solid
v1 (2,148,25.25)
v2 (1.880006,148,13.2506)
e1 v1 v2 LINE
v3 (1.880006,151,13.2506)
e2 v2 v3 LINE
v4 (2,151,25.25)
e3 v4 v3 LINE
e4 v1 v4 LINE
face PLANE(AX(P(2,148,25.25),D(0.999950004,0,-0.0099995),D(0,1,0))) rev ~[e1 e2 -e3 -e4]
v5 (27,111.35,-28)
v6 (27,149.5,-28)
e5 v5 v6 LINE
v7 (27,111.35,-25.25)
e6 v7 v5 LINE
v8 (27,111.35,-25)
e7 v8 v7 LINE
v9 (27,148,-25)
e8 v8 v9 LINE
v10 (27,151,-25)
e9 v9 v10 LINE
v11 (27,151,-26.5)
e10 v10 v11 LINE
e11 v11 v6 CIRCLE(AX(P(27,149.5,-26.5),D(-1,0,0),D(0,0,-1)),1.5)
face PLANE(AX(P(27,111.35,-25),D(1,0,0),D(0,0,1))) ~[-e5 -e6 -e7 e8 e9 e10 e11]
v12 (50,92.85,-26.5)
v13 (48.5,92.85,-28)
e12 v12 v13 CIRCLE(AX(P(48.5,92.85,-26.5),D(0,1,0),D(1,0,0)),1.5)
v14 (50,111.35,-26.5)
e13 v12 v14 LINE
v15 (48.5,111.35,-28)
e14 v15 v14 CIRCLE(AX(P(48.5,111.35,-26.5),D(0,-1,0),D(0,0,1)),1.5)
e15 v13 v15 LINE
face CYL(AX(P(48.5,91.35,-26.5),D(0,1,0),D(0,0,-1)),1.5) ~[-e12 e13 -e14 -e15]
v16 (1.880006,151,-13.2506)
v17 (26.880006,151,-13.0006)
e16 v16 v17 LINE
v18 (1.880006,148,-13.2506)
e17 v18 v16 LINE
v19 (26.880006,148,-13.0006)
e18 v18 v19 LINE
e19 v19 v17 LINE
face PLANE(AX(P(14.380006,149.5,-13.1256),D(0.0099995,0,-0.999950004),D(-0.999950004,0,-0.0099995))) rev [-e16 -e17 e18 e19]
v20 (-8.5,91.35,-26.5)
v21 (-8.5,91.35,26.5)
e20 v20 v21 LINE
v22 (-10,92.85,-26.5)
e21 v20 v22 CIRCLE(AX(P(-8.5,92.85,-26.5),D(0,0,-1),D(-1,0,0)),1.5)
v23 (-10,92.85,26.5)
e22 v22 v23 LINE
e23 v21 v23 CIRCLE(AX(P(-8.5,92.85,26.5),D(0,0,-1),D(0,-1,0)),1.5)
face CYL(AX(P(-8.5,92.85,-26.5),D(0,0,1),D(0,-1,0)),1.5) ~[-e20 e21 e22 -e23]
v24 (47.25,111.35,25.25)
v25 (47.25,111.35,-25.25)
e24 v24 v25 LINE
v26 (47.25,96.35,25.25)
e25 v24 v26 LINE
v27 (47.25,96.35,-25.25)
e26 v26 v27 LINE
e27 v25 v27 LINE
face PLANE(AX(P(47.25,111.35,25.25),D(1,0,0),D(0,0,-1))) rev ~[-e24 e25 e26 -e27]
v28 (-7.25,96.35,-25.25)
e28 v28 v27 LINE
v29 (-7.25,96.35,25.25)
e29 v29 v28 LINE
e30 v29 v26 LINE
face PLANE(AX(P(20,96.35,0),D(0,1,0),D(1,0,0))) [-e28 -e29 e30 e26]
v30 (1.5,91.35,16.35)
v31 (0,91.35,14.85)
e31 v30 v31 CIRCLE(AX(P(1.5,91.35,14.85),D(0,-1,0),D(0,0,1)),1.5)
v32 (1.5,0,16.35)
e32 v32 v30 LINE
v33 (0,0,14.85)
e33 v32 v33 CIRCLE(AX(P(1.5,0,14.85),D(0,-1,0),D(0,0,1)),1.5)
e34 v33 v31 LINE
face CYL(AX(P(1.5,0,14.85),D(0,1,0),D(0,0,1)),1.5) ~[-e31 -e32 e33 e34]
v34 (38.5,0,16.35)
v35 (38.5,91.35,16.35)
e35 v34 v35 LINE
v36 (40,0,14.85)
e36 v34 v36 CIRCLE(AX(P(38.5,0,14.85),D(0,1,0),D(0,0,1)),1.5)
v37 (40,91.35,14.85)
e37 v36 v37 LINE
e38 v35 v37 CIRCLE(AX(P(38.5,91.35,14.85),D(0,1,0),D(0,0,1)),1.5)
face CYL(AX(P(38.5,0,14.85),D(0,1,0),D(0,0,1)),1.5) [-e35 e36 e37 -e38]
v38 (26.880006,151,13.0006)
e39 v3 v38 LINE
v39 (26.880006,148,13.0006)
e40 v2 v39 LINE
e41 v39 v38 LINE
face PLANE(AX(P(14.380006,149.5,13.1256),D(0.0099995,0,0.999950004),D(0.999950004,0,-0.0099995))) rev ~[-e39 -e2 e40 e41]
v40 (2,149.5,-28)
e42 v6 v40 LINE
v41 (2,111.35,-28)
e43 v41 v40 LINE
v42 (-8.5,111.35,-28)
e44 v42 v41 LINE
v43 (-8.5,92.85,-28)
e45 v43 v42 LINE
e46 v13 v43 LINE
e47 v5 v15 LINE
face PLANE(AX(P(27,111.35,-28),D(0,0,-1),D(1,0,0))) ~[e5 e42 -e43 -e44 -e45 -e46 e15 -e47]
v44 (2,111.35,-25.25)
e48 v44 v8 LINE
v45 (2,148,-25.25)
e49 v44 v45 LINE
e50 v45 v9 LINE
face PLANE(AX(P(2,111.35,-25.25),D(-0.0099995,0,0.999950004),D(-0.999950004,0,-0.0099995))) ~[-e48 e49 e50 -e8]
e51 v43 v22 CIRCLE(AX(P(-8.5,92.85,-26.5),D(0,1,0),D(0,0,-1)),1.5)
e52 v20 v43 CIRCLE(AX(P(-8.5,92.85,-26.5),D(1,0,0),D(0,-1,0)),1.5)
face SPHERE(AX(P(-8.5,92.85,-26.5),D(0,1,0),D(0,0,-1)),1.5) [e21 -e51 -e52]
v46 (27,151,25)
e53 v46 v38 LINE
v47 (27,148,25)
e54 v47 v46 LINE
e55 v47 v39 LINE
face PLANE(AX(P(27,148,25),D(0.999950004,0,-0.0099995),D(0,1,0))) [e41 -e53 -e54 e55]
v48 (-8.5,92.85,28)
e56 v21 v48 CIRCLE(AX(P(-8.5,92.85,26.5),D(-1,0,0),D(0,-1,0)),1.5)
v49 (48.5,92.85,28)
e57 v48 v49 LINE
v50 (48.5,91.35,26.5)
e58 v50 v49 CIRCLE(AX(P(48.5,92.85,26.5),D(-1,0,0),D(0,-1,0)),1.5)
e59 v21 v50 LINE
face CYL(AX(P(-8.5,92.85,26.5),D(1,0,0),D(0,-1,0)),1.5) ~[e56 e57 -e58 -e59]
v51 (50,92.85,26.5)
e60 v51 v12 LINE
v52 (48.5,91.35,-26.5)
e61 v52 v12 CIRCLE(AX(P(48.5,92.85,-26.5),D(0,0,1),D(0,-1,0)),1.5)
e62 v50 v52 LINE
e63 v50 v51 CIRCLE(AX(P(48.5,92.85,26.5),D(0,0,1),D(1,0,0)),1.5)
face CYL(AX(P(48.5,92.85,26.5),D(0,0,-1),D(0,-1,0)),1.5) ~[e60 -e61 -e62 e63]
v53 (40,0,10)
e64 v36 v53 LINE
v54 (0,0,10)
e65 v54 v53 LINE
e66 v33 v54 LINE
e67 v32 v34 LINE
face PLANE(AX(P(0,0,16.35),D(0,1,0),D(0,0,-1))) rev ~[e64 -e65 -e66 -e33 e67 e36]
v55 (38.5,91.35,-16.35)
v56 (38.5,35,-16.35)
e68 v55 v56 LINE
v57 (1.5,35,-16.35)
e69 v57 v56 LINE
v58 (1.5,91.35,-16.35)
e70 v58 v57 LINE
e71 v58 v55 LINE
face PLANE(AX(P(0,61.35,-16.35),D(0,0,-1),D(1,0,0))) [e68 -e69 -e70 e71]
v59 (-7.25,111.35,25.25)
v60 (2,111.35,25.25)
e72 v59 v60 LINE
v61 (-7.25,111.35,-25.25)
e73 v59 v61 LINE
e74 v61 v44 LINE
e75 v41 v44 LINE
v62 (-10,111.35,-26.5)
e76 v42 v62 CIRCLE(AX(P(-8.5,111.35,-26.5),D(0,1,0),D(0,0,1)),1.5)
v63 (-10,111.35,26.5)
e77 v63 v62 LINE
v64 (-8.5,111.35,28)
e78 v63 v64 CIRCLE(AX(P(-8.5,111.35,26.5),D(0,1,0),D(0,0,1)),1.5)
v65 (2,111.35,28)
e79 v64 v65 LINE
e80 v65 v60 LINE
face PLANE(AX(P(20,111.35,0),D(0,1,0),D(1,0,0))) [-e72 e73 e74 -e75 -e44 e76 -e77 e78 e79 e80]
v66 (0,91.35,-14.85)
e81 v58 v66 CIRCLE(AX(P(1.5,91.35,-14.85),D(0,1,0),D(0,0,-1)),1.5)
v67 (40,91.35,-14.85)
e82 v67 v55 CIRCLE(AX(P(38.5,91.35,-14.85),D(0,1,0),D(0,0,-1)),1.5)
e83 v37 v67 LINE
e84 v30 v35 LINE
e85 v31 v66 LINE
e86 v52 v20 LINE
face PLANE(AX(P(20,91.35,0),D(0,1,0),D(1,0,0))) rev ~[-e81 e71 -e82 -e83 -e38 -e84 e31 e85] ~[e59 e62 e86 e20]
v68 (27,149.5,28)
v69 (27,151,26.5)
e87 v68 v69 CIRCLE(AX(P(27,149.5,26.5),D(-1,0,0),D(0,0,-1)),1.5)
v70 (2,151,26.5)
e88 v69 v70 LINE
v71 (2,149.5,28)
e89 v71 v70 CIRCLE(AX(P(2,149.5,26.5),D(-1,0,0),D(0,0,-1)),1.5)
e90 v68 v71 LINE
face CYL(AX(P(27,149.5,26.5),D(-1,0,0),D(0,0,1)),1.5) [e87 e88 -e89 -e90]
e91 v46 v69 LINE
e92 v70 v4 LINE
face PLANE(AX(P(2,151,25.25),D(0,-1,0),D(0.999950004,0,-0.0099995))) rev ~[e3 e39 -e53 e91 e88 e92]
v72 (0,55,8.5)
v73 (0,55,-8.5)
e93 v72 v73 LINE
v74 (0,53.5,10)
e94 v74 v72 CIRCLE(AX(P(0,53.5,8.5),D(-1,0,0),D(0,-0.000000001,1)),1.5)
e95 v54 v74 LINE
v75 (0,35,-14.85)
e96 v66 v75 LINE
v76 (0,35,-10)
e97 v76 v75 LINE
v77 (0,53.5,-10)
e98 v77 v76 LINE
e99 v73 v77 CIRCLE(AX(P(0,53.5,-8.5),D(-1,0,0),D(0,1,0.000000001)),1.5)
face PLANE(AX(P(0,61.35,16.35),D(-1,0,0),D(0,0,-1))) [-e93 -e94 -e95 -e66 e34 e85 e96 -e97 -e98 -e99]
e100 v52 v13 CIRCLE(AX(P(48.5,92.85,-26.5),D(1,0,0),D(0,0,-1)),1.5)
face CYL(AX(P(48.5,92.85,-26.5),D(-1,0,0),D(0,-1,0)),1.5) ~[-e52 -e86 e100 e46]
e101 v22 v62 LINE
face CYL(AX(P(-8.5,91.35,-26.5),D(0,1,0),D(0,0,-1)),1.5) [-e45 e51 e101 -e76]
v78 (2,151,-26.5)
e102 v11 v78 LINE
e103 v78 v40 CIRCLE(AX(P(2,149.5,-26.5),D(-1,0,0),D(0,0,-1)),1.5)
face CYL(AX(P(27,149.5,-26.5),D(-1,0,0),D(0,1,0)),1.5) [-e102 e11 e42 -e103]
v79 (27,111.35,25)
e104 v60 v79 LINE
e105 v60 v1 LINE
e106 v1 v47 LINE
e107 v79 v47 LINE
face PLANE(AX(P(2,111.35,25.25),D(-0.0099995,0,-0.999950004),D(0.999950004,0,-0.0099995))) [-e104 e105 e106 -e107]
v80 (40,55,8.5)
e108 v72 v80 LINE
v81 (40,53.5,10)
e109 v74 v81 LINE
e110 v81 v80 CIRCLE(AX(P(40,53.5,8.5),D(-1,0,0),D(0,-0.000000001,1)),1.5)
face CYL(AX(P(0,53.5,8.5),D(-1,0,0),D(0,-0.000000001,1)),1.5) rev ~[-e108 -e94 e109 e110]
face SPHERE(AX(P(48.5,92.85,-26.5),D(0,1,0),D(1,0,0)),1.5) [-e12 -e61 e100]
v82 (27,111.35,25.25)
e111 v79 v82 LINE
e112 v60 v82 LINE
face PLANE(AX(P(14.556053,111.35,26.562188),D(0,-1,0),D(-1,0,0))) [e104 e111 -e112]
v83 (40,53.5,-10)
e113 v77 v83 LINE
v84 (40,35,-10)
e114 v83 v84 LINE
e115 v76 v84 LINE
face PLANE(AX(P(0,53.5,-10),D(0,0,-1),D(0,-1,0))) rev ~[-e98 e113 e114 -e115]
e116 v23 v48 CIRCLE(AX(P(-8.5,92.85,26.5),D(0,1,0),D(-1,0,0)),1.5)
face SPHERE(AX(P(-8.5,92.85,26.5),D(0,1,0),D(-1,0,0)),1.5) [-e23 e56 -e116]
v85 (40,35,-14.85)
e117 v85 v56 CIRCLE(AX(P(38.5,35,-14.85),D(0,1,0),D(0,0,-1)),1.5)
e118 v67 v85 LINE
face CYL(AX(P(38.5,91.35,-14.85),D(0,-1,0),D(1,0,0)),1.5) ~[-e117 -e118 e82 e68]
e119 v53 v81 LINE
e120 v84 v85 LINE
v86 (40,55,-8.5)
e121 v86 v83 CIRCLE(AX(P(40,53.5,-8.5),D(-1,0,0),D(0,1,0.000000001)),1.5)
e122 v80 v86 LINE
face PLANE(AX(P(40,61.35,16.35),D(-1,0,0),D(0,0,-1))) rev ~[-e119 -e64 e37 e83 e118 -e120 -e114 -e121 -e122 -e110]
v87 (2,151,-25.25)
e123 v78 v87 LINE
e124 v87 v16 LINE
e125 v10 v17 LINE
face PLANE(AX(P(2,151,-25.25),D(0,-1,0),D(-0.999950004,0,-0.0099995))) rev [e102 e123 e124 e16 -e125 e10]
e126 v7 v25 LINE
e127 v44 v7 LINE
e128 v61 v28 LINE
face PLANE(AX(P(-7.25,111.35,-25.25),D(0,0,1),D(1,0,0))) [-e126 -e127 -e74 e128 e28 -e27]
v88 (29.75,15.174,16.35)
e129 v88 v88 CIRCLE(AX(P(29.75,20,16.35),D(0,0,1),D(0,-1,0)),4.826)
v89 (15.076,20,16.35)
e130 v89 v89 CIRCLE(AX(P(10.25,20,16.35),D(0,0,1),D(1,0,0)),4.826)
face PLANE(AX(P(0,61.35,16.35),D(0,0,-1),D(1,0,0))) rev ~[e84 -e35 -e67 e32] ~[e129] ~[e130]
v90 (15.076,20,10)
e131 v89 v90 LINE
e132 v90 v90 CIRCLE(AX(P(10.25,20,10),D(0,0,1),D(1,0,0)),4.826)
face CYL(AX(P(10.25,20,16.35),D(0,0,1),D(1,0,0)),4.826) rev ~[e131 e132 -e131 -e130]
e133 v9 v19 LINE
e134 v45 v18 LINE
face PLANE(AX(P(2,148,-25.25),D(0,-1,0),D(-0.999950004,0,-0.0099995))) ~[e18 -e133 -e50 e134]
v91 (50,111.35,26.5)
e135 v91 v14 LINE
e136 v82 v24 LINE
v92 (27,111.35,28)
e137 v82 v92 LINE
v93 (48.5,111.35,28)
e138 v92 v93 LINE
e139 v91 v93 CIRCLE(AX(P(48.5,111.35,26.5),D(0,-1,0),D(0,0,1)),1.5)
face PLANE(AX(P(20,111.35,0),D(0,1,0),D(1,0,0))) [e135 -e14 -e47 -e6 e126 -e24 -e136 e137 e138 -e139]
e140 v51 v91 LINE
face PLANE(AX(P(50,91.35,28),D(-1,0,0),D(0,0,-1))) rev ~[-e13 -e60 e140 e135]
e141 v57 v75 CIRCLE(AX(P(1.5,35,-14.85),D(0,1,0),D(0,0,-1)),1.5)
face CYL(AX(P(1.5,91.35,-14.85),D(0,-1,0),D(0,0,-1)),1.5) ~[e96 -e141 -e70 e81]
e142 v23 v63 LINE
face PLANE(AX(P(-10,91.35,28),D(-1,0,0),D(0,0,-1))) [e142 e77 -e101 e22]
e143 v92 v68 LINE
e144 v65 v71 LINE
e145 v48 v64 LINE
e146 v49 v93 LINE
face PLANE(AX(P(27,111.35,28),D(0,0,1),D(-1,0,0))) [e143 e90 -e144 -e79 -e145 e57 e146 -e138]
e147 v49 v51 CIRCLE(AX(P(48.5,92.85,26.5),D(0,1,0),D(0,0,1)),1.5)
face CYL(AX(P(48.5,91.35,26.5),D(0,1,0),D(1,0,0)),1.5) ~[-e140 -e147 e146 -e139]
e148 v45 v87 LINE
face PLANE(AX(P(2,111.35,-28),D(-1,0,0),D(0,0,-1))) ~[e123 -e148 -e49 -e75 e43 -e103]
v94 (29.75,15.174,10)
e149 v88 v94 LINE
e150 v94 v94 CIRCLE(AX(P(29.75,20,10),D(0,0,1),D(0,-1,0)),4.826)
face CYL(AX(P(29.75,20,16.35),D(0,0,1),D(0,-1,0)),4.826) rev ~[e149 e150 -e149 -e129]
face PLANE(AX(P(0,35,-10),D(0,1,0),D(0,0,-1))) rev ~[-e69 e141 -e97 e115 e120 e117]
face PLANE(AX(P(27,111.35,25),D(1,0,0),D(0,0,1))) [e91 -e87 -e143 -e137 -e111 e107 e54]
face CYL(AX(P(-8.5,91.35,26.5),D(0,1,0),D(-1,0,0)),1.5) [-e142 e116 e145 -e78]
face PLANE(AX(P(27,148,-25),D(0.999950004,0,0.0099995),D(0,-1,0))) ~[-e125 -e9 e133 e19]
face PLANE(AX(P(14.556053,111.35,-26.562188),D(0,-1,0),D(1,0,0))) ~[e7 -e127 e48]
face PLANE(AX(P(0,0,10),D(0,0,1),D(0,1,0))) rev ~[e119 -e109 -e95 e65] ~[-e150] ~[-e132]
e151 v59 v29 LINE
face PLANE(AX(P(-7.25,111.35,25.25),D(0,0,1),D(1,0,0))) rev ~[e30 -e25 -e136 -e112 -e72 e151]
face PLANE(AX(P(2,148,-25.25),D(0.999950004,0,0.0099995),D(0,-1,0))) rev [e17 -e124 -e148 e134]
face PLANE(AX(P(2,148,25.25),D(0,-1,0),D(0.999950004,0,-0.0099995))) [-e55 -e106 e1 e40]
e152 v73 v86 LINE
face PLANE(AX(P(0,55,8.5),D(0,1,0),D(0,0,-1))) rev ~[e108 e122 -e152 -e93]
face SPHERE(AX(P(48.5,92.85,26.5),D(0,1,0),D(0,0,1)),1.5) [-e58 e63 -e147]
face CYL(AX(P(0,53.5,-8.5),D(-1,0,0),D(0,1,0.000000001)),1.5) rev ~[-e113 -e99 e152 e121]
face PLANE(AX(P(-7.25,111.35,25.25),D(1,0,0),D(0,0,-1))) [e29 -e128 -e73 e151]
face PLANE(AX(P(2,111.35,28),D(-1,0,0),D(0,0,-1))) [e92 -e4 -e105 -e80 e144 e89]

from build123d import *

# Parameters (mm, degrees)
BOSS_EXTRUDE1_DEPTH = 40
SKETCH2_R           = 4.826
CUT_EXTRUDE2_DEPTH  = 81.20668613
SKETCH6_W           = 40
SKETCH6_H           = 32.7
BOSS_EXTRUDE2_DEPTH = 30
BOSS_EXTRUDE3_START = 91.35
SKETCH7_W           = 60
SKETCH7_H           = 56
BOSS_EXTRUDE3_DEPTH = 20
SKETCH8_W           = 54.5
SKETCH8_H           = 50.5
CUT_EXTRUDE3_DEPTH  = 15
BOSS_EXTRUDE4_DEPTH = 39.65
SKETCH10_W          = 25.001249969
SKETCH10_H          = 3
BOSS_EXTRUDE5_DEPTH = 12
FILLET1_R           = 1.5
FILLET2_R           = 1.5
FILLET3_R           = 1.5


with BuildPart() as part:
    # Sketch1 → Boss-Extrude1 (new body)
    with BuildSketch(Plane(origin=(0, 0, 0), x_dir=(0, 0, -1), z_dir=(1, 0, 0))):
        with BuildLine():
            Line((-10, 0), (-10, 53.5))
            ThreePointArc((-10, 53.5), (-9.560660172, 54.560660172), (-8.5, 55))
            Line((-8.5, 55), (8.5, 55))
            ThreePointArc((8.5, 55), (9.560660172, 54.560660172), (10, 53.5))
            Line((10, 53.5), (10, 35))
            Line((10, 35), (16.35, 35))
            Line((16.35, 35), (16.35, 61.35))
            Line((16.35, 61.35), (-16.35, 61.35))
            Line((-16.35, 61.35), (-16.35, 0))
            Line((-16.35, 0), (-10, 0))
        make_face()
    extrude(amount=BOSS_EXTRUDE1_DEPTH)

    # Sketch2 → Cut-Extrude2 (cut, through all)
    with BuildSketch(Plane.XY.offset(16.35)):
        with Locations((10.25, 20)):
            Circle(SKETCH2_R)
        with Locations(Location((29.75, 20, 0), (0, 0, 270))):
            Circle(SKETCH2_R)
    extrude(amount=-CUT_EXTRUDE2_DEPTH, mode=Mode.SUBTRACT)

    # Sketch6 → Boss-Extrude2 (add)
    with BuildSketch(Plane(origin=(0, 61.35, 0), x_dir=(1, 0, 0), z_dir=(0, 1, 0))):
        with Locations((20, 0)):
            Rectangle(SKETCH6_W, SKETCH6_H)
    extrude(amount=BOSS_EXTRUDE2_DEPTH)

    # Sketch7 → Boss-Extrude3 (add)
    with BuildSketch(Plane(origin=(0, 0, 0), x_dir=(1, 0, 0), z_dir=(0, 1, 0)).offset(BOSS_EXTRUDE3_START)):
        with Locations((20, 0)):
            Rectangle(SKETCH7_W, SKETCH7_H)
    extrude(amount=BOSS_EXTRUDE3_DEPTH)

    # Sketch8 → Cut-Extrude3 (cut)
    with BuildSketch(Plane(origin=(0, 111.35, 0), x_dir=(1, 0, 0), z_dir=(0, 1, 0))):
        with Locations((20, 0)):
            Rectangle(SKETCH8_W, SKETCH8_H)
    extrude(amount=-CUT_EXTRUDE3_DEPTH, mode=Mode.SUBTRACT)

    # Sketch9 → Boss-Extrude4 (add)
    with BuildSketch(Plane(origin=(0, 111.35, 0), x_dir=(1, 0, 0), z_dir=(0, 1, 0))):
        Polygon((2, -25.25), (27, -25), (27, -28), (2, -28), align=None)
    boss_extrude4 = extrude(amount=BOSS_EXTRUDE4_DEPTH)

    # Sketch10 → Boss-Extrude5 (add)
    with BuildSketch(Plane(origin=(3.999900008, 0, 25.230001), x_dir=(0.9999500037496876, 0, -0.00999950003749703), z_dir=(0.00999950003749703, 0, 0.9999500037496877))):
        with Locations((10.500624984, 149.5)):
            Rectangle(SKETCH10_W, SKETCH10_H)
    boss_extrude5 = extrude(amount=-BOSS_EXTRUDE5_DEPTH)

    # Mirror1: Boss-Extrude4, Boss-Extrude5 across plane
    add(boss_extrude4.mirror(Plane.XY))
    add(boss_extrude5.mirror(Plane.XY))

    # Fillet1
    fillet1_edges = [part.edges().sort_by_distance(p)[0] for p in [
        (14.5, 151, -28),
        (14.5, 151, 28),
    ]]
    fillet(fillet1_edges, radius=FILLET1_R)

    # Fillet2
    fillet2_edges = [part.edges().sort_by_distance(p)[0] for p in [
        (0, 45.675, 16.35),
        (0, 63.175, -16.35),
        (40, 63.175, -16.35),
        (40, 45.675, 16.35),
        (50, 101.35, -28),
        (-10, 101.35, -28),
        (-10, 101.35, 28),
        (50, 101.35, 28),
    ]]
    fillet(fillet2_edges, radius=FILLET2_R)

    # Fillet3
    fillet3_edges = [part.edges().sort_by_distance(p)[0] for p in [
        (20, 91.35, 28),
        (20, 91.35, -28),
        (50, 91.35, 0),
        (-10, 91.35, 0),
        (49.560660172, 91.35, 27.560660172),
        (49.560660172, 91.35, -27.560660172),
        (-9.560660172, 91.35, -27.560660172),
        (-9.560660172, 91.35, 27.560660172),
    ]]
    fillet(fillet3_edges, radius=FILLET3_R)


solid = part.part
